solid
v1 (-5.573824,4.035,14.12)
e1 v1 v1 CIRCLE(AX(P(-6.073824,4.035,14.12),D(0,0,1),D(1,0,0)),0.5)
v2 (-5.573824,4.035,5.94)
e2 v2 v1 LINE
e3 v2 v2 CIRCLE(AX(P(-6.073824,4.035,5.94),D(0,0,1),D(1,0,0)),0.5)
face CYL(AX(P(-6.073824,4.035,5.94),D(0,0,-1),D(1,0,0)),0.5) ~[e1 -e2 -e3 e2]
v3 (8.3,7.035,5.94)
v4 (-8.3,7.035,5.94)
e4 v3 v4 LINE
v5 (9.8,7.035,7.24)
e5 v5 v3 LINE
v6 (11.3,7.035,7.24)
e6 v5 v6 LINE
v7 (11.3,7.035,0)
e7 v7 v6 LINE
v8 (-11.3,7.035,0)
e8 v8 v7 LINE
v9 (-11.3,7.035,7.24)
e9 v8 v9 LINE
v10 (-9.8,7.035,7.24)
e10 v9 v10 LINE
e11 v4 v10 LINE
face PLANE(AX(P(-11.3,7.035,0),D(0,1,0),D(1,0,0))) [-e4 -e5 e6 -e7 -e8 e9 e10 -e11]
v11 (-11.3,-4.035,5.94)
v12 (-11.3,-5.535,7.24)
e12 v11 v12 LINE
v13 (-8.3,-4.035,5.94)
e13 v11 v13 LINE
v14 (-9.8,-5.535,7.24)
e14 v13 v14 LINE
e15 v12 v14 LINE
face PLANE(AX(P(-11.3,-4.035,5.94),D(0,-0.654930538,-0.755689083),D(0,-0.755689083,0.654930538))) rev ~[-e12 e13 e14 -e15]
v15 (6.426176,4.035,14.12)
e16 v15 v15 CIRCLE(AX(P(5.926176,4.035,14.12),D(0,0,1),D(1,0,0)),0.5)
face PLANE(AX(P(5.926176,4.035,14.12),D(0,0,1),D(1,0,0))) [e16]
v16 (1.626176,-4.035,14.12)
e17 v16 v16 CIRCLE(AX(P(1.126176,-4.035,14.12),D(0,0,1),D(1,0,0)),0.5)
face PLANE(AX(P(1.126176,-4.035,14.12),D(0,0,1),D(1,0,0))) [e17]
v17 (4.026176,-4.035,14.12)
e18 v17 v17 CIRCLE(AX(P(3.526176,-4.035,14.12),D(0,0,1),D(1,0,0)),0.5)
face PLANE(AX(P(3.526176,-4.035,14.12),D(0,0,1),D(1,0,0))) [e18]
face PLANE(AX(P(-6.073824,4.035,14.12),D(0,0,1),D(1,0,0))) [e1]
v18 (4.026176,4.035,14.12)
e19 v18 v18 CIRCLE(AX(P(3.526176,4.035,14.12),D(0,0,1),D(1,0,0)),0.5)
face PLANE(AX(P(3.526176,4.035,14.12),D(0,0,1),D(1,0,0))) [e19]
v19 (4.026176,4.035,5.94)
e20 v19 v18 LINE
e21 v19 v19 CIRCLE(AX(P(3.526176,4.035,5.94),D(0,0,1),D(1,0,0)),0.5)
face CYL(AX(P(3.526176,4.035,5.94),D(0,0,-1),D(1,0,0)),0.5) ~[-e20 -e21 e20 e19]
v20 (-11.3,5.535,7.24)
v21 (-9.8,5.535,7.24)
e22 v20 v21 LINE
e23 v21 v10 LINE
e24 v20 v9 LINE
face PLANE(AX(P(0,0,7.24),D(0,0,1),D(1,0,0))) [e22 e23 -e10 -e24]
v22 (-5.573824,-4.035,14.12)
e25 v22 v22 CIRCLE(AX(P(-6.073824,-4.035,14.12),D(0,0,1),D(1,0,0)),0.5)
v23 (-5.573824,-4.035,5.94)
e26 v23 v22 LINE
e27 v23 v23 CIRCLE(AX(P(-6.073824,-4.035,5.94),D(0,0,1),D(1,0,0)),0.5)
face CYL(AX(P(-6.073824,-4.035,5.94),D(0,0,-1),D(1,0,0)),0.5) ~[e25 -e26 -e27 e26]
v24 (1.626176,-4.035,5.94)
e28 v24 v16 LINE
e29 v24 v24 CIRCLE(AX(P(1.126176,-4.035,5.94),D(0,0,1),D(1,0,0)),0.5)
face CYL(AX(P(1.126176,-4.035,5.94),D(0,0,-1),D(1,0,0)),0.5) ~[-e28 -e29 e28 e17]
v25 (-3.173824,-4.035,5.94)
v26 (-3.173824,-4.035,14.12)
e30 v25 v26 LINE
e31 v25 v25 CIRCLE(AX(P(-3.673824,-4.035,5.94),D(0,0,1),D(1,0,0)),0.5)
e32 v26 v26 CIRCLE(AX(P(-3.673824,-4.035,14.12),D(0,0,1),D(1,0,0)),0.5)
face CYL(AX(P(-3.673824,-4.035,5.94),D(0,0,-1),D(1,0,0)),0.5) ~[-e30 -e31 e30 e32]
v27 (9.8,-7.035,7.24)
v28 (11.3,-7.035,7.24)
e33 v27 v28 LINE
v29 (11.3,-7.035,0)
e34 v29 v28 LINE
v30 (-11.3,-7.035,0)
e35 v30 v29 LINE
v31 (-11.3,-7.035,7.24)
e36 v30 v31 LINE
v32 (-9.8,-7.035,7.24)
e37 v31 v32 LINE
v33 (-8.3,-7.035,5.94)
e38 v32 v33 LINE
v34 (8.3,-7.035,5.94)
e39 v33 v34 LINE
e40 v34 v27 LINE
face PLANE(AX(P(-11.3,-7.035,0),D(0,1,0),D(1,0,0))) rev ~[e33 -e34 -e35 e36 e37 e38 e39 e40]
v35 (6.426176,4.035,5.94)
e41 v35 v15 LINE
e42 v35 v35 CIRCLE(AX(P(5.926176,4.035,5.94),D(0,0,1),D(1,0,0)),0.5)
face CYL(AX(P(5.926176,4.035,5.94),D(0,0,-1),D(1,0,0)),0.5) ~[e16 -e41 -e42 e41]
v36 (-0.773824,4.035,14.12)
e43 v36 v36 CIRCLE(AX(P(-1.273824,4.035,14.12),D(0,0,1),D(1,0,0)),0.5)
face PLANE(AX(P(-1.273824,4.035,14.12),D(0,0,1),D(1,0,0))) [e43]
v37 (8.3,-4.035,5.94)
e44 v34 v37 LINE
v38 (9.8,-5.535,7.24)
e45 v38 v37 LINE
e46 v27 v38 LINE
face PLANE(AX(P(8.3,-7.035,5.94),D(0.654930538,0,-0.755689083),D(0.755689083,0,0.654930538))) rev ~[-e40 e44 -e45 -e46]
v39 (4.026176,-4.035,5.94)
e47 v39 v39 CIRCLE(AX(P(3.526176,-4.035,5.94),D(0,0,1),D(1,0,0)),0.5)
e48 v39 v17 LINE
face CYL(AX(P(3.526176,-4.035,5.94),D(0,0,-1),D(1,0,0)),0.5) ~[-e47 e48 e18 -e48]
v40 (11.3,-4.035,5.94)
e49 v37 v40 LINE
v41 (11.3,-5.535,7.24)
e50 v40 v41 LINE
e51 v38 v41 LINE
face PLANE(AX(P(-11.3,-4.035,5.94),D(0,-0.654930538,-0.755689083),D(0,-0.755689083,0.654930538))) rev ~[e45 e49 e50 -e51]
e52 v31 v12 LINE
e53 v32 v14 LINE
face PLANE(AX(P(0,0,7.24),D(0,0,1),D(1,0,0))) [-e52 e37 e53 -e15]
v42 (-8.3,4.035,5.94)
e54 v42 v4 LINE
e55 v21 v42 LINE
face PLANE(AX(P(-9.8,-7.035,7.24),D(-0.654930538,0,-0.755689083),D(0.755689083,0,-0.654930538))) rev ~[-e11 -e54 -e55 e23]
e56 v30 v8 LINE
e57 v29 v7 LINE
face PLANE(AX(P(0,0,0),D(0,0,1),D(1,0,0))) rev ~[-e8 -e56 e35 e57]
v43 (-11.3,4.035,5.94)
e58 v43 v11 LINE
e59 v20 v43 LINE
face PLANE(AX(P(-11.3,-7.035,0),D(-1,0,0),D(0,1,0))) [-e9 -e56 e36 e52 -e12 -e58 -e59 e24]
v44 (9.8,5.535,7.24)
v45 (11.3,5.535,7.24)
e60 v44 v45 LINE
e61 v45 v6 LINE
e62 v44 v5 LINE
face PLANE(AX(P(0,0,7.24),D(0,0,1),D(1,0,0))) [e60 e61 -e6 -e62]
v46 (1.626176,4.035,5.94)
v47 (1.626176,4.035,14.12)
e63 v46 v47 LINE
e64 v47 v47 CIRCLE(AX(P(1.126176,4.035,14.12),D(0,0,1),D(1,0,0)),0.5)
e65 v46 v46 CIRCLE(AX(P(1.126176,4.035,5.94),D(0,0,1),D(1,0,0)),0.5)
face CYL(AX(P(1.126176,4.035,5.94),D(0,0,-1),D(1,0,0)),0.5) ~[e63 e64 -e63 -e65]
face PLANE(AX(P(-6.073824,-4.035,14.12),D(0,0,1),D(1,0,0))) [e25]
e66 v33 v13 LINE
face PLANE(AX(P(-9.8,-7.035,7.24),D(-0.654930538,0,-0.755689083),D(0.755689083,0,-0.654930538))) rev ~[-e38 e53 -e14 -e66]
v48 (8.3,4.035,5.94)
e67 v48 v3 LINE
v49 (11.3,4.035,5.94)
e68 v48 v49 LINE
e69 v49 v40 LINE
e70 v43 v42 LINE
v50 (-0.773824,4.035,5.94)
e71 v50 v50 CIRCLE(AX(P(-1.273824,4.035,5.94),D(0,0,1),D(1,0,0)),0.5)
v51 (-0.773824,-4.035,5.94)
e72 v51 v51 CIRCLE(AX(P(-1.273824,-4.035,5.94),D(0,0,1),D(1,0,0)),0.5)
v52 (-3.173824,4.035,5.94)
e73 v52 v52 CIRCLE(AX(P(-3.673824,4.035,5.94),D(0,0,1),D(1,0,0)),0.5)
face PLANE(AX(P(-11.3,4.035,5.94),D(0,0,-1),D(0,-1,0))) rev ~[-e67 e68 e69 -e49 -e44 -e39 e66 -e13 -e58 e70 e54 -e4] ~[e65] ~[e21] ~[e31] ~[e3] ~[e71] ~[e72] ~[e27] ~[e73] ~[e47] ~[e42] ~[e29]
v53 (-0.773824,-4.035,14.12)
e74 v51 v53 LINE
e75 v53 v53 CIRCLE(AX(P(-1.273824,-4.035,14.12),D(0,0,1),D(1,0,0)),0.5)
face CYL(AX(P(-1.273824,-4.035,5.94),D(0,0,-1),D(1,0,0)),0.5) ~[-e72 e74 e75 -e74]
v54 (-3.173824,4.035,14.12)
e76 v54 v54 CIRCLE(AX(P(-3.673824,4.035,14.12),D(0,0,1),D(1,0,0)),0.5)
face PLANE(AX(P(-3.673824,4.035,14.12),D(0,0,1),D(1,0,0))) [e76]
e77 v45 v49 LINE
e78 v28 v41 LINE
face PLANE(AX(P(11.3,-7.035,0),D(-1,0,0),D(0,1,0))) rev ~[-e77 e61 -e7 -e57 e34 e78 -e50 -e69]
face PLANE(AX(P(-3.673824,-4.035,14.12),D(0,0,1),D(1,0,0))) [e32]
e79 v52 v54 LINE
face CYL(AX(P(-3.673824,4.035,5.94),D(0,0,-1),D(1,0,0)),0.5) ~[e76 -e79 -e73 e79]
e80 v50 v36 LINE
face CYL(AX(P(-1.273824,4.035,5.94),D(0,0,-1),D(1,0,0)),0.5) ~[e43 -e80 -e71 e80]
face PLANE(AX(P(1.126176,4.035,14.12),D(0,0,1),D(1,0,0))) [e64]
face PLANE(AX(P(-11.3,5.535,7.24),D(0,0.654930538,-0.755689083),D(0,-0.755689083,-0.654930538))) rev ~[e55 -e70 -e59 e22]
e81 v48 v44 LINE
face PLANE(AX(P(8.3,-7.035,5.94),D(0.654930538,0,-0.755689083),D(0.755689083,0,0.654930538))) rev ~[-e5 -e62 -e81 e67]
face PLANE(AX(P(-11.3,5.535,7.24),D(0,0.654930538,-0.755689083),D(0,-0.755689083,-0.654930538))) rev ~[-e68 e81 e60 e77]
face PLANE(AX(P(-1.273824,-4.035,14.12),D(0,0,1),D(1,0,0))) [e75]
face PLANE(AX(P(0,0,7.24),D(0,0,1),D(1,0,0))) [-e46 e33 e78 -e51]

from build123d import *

# Parameters (mm, degrees)
F0_W     = 22.6
F0_H     = 14.07
F1_DEPTH = 7.24
F3_DEPTH = 25
F5_DEPTH = 25
F6_R     = 0.5
F7_DEPTH = 8.18


with BuildPart() as f1:
    # F0 (on Top) → F1 (new body)
    with BuildSketch(Plane.XY):
        Rectangle(F0_W, F0_H)
    extrude(amount=F1_DEPTH)

    # F2 (on face) → F3 (cut)
    with BuildSketch(Plane.XZ.offset(7.035)):
        Polygon((0, 7.24), (-9.8, 7.24), (-8.3, 5.94), (0, 5.94), (8.3, 5.94), (9.8, 7.24), align=None)
    extrude(amount=-F3_DEPTH, mode=Mode.SUBTRACT)

    # F4 (on face) → F5 (cut)
    with BuildSketch(Plane(origin=(-11.3, 0, 0), x_dir=(0, -1, 0), z_dir=(-1, 0, 0))):
        Polygon((0, 7.24), (-5.535, 7.24), (-4.035, 5.94), (0, 5.94), (4.035, 5.94), (5.535, 7.24), align=None)
    extrude(amount=-F5_DEPTH, mode=Mode.SUBTRACT)

    # F6 (on face) → F7 (join)
    with BuildSketch(Plane.XY.offset(5.94)):
        with Locations((-6.073824, -4.035)):
            Circle(F6_R)
        with Locations((-6.073824, 4.035)):
            Circle(F6_R)
        with Locations((-3.673824, 4.035)):
            Circle(F6_R)
        with Locations((-1.273824, 4.035)):
            Circle(F6_R)
        with Locations((1.126176, 4.035)):
            Circle(F6_R)
        with Locations((3.526176, 4.035)):
            Circle(F6_R)
        with Locations((5.926176, 4.035)):
            Circle(F6_R)
        with Locations((-3.673824, -4.035)):
            Circle(F6_R)
        with Locations((-1.273824, -4.035)):
            Circle(F6_R)
        with Locations((1.126176, -4.035)):
            Circle(F6_R)
        with Locations((3.526176, -4.035)):
            Circle(F6_R)
    extrude(amount=F7_DEPTH)


solid = f1.part
